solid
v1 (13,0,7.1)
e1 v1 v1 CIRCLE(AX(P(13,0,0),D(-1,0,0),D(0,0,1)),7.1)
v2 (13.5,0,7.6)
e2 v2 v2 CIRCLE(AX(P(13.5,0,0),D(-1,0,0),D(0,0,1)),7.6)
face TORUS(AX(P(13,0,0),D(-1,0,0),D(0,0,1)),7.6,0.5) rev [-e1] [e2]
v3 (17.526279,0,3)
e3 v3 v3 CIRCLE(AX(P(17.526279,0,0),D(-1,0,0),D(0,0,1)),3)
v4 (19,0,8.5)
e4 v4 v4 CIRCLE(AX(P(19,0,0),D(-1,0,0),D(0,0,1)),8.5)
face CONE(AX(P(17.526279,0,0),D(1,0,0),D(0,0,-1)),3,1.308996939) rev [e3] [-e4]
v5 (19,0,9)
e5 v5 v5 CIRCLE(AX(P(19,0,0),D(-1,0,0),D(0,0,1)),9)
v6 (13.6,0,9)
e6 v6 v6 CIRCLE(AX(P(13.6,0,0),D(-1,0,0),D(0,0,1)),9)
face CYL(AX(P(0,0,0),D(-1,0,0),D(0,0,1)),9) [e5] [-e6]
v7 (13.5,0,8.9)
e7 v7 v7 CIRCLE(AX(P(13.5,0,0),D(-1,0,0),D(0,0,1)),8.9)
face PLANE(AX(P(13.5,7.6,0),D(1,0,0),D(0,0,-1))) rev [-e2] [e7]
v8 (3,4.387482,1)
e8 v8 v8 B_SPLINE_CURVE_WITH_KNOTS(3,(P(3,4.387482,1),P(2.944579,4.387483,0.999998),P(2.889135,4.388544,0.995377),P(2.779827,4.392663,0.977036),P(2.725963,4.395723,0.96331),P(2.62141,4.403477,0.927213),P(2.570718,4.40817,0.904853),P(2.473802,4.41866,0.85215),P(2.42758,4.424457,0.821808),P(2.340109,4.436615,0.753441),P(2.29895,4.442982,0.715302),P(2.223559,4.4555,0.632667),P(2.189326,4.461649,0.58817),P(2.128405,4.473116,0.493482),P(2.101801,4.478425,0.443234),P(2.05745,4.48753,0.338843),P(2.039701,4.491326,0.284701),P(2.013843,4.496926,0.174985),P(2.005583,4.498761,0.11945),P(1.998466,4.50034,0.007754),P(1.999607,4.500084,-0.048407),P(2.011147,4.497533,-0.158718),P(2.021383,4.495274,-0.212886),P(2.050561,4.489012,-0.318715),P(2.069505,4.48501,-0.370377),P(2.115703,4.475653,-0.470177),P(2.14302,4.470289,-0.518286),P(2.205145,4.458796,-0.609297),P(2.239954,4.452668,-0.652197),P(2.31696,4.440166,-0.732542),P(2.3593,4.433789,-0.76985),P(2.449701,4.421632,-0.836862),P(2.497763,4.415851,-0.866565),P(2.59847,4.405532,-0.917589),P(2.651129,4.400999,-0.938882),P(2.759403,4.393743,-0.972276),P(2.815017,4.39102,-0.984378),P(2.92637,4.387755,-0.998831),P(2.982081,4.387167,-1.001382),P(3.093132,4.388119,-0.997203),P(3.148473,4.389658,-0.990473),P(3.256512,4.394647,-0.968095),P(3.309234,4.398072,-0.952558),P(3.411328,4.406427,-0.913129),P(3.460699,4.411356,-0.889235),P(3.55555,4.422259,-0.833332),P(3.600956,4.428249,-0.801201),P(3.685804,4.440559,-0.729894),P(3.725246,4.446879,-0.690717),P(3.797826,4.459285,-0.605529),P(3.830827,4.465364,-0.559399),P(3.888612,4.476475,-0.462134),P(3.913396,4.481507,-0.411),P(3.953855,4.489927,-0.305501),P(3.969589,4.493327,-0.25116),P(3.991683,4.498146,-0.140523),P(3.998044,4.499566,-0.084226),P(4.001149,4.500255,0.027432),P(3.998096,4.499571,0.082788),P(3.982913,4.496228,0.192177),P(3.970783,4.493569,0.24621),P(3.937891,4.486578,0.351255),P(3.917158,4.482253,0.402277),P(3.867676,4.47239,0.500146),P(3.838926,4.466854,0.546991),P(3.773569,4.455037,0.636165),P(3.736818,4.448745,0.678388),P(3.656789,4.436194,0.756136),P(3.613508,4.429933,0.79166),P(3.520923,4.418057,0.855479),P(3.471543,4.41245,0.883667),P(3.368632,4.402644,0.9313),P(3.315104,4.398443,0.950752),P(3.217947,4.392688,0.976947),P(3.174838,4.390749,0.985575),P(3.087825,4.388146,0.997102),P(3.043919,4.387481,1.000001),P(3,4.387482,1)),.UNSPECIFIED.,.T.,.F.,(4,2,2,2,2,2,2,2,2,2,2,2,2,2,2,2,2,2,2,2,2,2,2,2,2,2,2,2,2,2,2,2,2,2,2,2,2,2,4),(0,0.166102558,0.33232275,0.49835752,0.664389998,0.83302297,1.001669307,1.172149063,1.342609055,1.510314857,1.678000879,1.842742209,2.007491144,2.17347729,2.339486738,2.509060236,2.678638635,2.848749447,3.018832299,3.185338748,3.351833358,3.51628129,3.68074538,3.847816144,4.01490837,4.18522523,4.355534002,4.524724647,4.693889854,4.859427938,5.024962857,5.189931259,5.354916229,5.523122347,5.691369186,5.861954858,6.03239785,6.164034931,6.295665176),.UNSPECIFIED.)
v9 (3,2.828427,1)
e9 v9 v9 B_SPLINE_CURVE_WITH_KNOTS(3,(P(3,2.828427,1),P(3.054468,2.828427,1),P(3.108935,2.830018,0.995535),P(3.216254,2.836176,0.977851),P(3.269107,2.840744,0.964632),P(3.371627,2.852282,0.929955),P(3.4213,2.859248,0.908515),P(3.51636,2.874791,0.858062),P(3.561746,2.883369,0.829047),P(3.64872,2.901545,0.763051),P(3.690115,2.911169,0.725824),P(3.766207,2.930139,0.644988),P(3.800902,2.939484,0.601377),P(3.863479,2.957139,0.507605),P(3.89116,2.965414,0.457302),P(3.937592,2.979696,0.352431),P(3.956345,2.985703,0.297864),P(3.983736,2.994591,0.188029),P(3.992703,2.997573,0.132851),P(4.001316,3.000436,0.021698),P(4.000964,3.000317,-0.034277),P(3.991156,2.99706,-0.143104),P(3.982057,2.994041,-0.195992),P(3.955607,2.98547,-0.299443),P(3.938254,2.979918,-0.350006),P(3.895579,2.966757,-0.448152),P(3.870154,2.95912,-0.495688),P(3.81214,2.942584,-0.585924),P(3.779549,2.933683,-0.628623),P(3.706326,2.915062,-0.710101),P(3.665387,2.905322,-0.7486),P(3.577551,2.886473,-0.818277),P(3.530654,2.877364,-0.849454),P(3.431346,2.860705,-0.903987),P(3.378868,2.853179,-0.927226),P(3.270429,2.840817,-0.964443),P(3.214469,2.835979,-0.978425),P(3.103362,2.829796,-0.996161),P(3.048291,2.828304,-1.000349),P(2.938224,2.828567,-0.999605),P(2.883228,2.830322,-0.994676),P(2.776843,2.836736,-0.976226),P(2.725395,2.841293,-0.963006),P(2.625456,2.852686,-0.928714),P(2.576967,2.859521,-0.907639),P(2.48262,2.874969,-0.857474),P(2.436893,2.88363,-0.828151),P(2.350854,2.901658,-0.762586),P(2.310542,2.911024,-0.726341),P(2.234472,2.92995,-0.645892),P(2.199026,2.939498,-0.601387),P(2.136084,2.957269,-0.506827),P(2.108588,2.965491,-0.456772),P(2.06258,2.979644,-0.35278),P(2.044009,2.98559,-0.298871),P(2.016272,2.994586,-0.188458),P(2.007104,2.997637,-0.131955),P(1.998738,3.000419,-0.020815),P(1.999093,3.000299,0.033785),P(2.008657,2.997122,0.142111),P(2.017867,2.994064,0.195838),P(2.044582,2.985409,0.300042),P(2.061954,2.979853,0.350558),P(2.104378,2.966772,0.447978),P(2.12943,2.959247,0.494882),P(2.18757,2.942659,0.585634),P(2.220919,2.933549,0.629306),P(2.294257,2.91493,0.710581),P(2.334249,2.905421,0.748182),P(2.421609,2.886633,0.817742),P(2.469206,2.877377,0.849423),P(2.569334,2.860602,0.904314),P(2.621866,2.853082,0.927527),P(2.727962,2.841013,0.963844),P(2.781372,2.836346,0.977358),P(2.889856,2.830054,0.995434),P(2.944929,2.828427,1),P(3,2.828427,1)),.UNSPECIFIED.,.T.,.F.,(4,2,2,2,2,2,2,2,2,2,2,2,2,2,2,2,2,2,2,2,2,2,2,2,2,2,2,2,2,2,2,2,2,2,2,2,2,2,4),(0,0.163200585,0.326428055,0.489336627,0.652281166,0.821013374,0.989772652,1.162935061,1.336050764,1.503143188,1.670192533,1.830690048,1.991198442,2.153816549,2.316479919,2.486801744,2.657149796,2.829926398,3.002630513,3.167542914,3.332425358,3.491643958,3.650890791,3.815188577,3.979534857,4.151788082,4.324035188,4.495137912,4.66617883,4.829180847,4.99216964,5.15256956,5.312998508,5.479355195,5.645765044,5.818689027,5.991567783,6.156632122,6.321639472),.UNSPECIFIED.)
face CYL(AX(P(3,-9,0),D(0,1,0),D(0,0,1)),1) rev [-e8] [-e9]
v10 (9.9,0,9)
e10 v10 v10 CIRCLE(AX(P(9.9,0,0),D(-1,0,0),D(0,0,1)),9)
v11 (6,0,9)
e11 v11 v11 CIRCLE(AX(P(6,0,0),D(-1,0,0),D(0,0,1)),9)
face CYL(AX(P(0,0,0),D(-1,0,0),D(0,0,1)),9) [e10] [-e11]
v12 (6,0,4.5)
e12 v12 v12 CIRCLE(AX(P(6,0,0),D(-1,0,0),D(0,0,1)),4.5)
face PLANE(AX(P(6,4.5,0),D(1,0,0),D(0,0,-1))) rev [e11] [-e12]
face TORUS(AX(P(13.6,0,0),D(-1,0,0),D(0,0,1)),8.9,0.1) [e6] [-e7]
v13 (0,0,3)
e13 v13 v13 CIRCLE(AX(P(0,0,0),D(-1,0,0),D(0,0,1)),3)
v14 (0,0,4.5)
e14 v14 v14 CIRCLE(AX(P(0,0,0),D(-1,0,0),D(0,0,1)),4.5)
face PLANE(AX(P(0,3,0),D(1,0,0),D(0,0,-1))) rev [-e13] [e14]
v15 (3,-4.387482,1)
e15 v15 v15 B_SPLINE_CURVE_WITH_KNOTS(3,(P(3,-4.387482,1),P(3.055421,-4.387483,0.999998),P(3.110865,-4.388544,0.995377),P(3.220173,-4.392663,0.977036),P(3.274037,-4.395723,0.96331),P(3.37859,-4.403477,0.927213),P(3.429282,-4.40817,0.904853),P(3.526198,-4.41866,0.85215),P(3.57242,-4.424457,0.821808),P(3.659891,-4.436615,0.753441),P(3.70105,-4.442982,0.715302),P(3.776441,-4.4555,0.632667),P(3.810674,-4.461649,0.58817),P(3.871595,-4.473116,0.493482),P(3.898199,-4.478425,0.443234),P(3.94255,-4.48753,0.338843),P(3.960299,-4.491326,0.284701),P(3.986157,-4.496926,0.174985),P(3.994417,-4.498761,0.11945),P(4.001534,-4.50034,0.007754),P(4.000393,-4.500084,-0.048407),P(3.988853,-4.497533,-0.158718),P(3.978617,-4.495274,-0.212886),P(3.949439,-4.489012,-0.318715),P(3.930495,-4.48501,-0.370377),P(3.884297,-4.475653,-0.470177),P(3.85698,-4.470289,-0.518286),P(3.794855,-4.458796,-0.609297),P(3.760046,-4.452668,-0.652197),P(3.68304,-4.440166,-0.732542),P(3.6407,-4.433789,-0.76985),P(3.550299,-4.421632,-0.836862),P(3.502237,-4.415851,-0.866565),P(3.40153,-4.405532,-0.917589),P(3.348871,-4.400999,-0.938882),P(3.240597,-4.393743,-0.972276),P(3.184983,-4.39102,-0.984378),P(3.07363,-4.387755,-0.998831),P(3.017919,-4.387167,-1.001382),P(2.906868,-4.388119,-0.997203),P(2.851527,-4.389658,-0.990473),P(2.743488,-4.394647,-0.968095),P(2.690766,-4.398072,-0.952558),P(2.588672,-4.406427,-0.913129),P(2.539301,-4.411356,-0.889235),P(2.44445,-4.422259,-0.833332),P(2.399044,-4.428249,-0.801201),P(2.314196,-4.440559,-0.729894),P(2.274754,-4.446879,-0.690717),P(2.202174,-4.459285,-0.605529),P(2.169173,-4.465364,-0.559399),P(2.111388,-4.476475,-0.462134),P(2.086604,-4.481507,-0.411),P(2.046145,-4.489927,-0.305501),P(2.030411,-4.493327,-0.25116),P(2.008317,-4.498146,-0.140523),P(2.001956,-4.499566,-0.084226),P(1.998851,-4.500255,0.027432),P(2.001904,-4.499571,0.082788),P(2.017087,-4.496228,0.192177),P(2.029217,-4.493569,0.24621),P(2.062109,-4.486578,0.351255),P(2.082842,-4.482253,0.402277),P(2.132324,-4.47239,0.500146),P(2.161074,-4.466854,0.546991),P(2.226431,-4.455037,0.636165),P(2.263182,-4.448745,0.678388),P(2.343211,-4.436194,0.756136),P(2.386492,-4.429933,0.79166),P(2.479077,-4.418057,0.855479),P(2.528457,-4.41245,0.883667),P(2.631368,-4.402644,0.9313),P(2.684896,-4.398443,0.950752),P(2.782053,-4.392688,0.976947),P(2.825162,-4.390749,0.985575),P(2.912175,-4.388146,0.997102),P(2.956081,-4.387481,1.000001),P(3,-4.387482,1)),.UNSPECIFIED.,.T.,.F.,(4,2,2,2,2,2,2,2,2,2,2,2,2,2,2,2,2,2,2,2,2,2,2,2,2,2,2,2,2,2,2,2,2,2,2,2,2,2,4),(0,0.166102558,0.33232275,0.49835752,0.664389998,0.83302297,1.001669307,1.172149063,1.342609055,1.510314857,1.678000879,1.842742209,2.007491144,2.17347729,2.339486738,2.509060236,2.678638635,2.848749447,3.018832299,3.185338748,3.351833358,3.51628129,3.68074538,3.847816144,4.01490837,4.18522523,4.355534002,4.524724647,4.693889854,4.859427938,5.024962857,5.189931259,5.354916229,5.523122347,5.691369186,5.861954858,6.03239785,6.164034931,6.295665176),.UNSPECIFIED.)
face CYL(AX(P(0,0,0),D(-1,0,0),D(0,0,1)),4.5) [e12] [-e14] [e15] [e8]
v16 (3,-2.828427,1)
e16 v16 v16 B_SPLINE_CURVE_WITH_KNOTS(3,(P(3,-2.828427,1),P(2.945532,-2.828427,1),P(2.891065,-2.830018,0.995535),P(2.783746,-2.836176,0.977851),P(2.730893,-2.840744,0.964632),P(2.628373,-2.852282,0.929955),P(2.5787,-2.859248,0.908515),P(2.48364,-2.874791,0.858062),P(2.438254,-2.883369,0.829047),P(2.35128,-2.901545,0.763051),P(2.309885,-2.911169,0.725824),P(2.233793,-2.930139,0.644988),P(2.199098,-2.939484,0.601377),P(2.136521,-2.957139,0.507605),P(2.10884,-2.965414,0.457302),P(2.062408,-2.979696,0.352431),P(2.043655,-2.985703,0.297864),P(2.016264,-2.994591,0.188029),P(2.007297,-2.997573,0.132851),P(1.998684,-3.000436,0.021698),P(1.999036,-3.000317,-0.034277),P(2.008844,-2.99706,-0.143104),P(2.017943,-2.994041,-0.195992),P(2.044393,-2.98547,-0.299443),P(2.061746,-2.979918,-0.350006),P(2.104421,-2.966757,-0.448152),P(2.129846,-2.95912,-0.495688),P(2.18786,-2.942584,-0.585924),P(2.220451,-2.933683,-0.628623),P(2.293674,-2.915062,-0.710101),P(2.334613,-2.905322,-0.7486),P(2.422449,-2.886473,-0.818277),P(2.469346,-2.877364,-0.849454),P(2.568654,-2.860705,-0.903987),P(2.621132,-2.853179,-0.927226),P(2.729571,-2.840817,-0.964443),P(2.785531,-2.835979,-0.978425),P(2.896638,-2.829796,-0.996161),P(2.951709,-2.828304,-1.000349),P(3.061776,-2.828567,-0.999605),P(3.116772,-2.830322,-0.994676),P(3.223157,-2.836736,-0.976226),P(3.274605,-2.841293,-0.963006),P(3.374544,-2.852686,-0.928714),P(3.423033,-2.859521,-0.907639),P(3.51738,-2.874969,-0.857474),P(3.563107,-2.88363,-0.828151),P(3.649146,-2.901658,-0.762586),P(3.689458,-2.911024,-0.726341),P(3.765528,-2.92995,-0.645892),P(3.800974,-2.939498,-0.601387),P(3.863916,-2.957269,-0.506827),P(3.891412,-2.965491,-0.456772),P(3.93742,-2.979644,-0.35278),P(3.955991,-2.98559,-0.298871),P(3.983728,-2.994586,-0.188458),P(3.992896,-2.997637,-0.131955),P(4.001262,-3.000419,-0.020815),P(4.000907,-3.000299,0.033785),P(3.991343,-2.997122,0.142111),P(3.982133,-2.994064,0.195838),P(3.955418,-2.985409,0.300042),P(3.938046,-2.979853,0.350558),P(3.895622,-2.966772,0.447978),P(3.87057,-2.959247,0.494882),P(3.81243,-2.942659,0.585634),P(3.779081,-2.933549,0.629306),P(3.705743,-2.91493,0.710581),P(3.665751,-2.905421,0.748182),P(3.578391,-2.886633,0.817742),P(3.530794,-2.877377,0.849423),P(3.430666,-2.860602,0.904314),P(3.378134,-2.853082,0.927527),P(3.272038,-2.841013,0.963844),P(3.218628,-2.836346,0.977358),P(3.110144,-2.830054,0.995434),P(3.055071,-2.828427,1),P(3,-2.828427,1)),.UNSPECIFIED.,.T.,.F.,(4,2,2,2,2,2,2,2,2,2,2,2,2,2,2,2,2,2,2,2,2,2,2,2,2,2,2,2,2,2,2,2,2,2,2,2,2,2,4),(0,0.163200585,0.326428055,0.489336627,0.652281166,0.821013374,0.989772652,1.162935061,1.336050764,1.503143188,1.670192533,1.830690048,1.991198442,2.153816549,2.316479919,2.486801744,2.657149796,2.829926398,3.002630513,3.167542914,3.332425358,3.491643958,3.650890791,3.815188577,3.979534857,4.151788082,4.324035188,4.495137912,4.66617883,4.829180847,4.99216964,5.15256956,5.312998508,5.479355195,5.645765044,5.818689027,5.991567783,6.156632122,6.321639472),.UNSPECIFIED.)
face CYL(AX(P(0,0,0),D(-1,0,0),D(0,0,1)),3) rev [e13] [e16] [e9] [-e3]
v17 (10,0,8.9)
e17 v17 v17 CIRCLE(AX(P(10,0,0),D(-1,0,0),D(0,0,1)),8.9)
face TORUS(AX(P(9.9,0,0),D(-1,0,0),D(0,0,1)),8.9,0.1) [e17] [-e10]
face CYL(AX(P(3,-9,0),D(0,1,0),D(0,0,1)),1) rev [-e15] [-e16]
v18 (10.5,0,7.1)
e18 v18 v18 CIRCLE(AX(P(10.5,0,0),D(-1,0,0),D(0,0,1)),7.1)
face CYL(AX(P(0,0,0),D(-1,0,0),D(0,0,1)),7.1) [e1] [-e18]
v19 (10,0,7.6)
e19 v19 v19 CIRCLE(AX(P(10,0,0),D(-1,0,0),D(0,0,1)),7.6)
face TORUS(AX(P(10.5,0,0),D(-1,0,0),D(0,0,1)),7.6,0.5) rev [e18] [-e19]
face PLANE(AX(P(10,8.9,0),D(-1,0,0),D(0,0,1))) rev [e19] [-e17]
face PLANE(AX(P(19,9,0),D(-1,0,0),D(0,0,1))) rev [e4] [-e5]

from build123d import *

# Parameters (mm, degrees)
CUT_EXTRUDE_1_DEPTH      = 23.869193331
CUT_EXTRUDE_1_DEPTH_BACK = 23.869193331
SKETCH_2_R               = 1


with BuildPart() as part:
    # Эскиз1 → Повернуть1 (revolve)
    with BuildSketch(Plane.XY, mode=Mode.PRIVATE) as revolve_1_sk:
        with BuildLine():
            Line((0, 3), (0, 4.5))
            Line((0, 4.5), (6, 4.5))
            Line((6, 4.5), (6, 9))
            Line((6, 9), (9.9, 9))
            ThreePointArc((9.9, 9), (9.970710678, 8.970710678), (10, 8.9))
            Line((10, 8.9), (10, 7.6))
            ThreePointArc((10, 7.6), (10.146446609, 7.246446609), (10.5, 7.1))
            Line((10.5, 7.1), (13, 7.1))
            ThreePointArc((13, 7.1), (13.353553391, 7.246446609), (13.5, 7.6))
            Line((13.5, 7.6), (13.5, 8.9))
            ThreePointArc((13.5, 8.9), (13.529289322, 8.970710678), (13.6, 9))
            Line((13.6, 9), (19, 9))
            Line((19, 9), (19, 8.5))
            Line((19, 8.5), (17.526279442, 3))
            Line((17.526279442, 3), (0, 3))
        make_face()
    revolve(revolve_1_sk.sketch.rotate(Axis((0, 0, 0), (1, 0, 0)), 90), axis=Axis((0, 0, 0), (1, 0, 0)))

    # Эскиз2 → Вырез-Вытянуть1 (cut, two sides: drawn at the far end of the back side and taken through both)
    with BuildSketch(Plane(origin=(0, 0, 0), x_dir=(1, 0, 0), z_dir=(0, 1, 0)).offset(-CUT_EXTRUDE_1_DEPTH_BACK)):
        with Locations(Location((3, 0, 0), (0, 0, 270))):
            Circle(SKETCH_2_R)
    extrude(amount=CUT_EXTRUDE_1_DEPTH + CUT_EXTRUDE_1_DEPTH_BACK, mode=Mode.SUBTRACT)


solid = part.part
